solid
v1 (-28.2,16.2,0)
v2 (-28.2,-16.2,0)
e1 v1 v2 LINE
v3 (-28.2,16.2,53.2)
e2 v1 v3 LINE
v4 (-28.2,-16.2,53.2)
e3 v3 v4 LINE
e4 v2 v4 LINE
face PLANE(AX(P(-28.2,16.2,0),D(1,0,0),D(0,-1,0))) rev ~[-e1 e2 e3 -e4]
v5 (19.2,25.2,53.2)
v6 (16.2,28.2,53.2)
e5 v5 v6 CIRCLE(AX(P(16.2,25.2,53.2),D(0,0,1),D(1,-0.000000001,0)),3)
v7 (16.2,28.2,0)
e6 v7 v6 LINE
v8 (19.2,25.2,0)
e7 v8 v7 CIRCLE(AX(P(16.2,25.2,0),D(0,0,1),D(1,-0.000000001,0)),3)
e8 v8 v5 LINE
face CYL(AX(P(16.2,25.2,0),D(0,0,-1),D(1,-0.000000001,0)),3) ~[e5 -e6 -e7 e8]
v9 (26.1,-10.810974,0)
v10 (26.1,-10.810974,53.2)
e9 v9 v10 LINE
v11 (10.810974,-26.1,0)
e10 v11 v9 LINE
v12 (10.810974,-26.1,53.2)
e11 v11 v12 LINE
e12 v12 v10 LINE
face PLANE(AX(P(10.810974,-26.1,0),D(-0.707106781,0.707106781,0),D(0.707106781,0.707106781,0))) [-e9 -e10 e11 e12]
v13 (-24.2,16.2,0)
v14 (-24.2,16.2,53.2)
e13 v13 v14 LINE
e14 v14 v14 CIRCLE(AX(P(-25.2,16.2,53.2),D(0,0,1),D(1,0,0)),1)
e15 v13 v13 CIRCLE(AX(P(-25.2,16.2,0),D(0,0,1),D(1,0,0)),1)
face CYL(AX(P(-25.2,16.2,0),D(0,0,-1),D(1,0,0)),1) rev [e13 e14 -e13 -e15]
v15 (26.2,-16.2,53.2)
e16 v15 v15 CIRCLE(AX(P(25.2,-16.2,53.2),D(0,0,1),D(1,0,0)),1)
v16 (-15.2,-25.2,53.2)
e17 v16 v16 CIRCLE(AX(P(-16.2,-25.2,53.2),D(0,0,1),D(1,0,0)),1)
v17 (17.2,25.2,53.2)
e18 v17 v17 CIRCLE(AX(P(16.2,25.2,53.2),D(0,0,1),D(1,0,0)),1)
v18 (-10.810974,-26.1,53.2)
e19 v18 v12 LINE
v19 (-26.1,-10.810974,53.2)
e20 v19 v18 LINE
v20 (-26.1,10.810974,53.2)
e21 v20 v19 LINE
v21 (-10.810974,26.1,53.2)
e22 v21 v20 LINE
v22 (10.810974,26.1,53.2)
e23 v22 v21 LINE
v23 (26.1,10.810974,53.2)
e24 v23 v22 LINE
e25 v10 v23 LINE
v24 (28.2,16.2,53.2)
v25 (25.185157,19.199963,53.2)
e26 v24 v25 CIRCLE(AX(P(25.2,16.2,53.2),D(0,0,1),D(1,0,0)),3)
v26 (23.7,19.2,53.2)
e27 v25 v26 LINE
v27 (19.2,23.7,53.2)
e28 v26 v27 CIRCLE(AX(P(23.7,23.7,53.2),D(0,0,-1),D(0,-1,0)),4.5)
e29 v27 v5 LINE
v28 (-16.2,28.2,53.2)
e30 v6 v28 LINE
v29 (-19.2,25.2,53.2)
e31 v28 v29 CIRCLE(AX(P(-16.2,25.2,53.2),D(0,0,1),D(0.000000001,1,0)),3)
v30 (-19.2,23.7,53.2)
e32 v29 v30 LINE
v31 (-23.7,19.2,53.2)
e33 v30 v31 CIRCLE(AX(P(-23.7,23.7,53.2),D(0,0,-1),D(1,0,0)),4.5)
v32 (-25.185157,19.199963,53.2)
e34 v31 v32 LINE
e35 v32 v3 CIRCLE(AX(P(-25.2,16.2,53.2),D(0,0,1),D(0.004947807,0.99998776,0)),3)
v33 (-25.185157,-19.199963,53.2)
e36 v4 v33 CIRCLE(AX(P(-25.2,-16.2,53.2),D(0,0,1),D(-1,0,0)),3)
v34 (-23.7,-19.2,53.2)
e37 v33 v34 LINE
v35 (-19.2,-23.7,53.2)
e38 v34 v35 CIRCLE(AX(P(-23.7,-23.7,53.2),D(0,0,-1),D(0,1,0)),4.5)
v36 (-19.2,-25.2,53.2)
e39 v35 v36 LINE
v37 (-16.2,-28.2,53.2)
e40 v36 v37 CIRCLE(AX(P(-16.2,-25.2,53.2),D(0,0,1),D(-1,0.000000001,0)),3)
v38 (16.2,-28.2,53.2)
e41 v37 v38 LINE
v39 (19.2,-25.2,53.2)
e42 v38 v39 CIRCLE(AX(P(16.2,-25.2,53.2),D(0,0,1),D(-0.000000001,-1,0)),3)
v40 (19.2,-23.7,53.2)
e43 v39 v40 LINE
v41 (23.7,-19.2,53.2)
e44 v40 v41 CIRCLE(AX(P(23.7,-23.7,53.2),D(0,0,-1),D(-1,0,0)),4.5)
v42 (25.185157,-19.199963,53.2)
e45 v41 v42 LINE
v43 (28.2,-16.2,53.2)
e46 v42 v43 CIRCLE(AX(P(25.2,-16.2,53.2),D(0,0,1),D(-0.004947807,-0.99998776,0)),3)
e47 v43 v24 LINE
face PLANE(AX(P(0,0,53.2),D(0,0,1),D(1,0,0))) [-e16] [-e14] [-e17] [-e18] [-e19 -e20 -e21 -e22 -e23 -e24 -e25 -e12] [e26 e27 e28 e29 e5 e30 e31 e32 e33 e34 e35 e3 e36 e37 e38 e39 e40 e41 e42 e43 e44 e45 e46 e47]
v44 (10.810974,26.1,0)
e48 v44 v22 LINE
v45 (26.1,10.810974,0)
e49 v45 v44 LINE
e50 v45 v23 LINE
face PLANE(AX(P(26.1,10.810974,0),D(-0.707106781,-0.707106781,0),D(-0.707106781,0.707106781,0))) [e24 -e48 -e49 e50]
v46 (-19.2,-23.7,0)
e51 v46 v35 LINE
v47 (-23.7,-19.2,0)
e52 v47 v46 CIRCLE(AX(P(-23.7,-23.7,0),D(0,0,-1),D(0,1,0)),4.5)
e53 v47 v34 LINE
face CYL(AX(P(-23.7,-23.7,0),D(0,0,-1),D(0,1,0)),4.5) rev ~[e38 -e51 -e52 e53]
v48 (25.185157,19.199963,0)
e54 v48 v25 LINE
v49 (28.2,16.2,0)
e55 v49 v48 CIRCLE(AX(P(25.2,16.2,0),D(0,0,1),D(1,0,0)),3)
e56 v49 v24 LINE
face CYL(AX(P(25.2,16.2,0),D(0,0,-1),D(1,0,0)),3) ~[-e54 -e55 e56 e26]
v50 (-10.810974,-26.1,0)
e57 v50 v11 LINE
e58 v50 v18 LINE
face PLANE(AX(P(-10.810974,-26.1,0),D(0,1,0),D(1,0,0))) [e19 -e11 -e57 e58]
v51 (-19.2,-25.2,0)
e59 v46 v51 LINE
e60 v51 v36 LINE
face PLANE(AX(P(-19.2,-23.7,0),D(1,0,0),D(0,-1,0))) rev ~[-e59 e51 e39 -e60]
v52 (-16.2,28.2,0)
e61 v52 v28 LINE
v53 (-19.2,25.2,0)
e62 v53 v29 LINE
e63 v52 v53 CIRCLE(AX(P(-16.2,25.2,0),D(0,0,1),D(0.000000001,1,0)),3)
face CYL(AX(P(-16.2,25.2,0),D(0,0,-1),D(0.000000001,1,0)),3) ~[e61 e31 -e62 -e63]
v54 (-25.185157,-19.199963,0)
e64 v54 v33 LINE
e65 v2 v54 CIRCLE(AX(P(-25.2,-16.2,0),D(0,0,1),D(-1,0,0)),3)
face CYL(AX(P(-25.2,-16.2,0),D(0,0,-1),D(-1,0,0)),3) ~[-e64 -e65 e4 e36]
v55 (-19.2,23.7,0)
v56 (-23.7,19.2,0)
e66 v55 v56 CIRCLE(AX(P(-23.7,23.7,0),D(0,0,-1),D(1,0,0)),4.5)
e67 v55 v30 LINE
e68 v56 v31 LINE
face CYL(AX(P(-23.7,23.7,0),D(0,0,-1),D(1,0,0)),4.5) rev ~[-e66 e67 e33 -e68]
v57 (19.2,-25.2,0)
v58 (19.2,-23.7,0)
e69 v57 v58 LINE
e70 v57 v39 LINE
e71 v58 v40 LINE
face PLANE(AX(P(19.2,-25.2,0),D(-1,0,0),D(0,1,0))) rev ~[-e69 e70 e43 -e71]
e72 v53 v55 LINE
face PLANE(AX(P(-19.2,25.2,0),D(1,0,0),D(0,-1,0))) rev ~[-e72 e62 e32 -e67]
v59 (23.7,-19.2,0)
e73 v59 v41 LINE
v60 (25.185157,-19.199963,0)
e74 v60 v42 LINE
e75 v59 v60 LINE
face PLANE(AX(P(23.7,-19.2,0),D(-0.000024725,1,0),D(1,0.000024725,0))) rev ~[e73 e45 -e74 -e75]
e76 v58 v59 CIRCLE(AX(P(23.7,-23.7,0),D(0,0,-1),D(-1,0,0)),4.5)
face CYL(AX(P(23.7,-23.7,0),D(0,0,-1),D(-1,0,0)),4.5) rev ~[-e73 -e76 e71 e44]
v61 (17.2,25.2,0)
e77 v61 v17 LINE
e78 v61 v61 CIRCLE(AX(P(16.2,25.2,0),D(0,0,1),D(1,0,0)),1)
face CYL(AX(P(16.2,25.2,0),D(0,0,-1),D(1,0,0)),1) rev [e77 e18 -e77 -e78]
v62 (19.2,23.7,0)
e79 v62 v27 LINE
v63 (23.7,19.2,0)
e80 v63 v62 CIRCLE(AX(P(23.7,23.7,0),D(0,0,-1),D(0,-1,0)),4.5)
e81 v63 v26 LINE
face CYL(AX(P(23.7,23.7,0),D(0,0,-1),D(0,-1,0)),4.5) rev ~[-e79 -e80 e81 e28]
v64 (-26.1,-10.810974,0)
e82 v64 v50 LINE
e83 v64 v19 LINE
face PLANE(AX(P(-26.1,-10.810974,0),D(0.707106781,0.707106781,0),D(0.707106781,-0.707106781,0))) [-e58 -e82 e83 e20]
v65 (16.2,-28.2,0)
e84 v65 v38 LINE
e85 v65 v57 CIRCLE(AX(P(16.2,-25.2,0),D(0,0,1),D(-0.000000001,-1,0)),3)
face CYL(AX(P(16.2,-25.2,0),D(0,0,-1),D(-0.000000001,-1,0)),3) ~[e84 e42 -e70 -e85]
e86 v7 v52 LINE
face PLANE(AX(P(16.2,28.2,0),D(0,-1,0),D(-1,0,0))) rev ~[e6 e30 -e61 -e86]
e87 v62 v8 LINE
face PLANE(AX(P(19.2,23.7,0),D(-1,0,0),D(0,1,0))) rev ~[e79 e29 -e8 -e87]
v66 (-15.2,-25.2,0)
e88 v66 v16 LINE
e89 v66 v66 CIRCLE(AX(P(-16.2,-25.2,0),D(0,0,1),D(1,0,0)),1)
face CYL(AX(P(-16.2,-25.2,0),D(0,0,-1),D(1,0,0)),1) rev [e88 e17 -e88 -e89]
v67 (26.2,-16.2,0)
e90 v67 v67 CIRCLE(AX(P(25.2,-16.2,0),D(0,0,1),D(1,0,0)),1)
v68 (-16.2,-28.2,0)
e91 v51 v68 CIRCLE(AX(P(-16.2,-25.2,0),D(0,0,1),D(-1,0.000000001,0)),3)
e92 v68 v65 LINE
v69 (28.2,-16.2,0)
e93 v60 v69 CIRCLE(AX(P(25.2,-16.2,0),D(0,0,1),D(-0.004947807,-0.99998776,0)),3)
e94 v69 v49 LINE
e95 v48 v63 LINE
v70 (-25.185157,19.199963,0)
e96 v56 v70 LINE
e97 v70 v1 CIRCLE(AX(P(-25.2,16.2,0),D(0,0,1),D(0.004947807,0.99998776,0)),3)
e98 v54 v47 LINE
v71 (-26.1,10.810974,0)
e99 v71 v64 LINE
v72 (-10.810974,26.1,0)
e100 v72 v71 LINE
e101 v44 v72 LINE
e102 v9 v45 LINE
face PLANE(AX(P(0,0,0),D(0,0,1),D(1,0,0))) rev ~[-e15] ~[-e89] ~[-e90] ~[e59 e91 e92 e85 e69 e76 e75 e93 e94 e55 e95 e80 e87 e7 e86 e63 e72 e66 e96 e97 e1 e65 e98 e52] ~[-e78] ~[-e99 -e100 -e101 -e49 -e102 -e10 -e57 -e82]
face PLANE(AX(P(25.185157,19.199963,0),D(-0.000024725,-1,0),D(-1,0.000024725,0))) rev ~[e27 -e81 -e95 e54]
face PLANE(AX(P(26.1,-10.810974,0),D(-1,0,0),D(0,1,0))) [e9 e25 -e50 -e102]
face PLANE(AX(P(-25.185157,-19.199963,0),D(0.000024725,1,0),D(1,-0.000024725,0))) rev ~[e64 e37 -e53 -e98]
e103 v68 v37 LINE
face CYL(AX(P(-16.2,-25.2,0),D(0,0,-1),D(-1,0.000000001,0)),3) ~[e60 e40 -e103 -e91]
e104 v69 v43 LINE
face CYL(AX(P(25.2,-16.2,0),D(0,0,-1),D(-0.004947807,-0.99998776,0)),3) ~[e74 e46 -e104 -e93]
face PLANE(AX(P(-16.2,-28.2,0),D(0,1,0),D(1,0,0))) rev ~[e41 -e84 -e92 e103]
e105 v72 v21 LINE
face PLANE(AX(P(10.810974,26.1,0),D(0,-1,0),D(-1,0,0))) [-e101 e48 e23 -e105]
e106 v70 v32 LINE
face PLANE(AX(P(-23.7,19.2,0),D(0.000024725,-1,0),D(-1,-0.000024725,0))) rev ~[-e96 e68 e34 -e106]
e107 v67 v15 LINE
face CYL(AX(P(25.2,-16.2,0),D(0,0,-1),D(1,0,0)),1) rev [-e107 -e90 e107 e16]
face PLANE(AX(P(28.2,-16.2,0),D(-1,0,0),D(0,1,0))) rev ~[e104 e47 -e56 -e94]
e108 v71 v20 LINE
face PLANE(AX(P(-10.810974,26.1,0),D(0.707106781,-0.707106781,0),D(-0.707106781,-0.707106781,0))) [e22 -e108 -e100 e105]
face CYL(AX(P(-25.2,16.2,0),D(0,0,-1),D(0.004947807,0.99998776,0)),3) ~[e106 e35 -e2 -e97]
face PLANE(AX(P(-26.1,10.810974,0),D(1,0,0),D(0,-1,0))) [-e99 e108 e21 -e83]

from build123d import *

# Parameters (mm, degrees)
SKETCH1_R           = 1
BOSS_EXTRUDE1_DEPTH = 53.2


with BuildPart() as part:
    # Sketch1 → Boss-Extrude1 (new body)
    with BuildSketch(Plane.XY):
        with BuildLine():
            Line((-23.7, 19.2), (-25.185156579, 19.199963279))
            ThreePointArc((-25.185156579, 19.199963279), (-27.316065894, 18.32656181), (-28.2, 16.2))
            Line((-28.2, 16.2), (-28.2, -16.2))
            ThreePointArc((-28.2, -16.2), (-27.316065894, -18.32656181), (-25.185156579, -19.199963279))
            Line((-25.185156579, -19.199963279), (-23.7, -19.2))
            ThreePointArc((-23.7, -19.2), (-20.518019485, -20.518019485), (-19.2, -23.7))
            Line((-19.2, -23.7), (-19.2, -25.2))
            ThreePointArc((-19.2, -25.2), (-18.321320344, -27.321320344), (-16.2, -28.2))
            Line((-16.2, -28.2), (16.2, -28.2))
            ThreePointArc((16.2, -28.2), (18.321320344, -27.321320344), (19.2, -25.2))
            Line((19.2, -25.2), (19.2, -23.7))
            ThreePointArc((19.2, -23.7), (20.518019485, -20.518019485), (23.7, -19.2))
            Line((23.7, -19.2), (25.185156579, -19.199963279))
            ThreePointArc((25.185156579, -19.199963279), (27.316065894, -18.32656181), (28.2, -16.2))
            Line((28.2, -16.2), (28.2, 16.2))
            ThreePointArc((28.2, 16.2), (27.316065894, 18.32656181), (25.185156579, 19.199963279))
            Line((25.185156579, 19.199963279), (23.7, 19.2))
            ThreePointArc((23.7, 19.2), (20.518019485, 20.518019485), (19.2, 23.7))
            Line((19.2, 23.7), (19.2, 25.2))
            ThreePointArc((19.2, 25.2), (18.321320344, 27.321320344), (16.2, 28.2))
            Line((16.2, 28.2), (-16.2, 28.2))
            ThreePointArc((-16.2, 28.2), (-18.321320344, 27.321320344), (-19.2, 25.2))
            Line((-19.2, 25.2), (-19.2, 23.7))
            ThreePointArc((-19.2, 23.7), (-20.518019485, 20.518019485), (-23.7, 19.2))
        make_face()
        with Locations((-25.2, 16.2)):
            Circle(SKETCH1_R, mode=Mode.SUBTRACT)
        with Locations((16.2, 25.2)):
            Circle(SKETCH1_R, mode=Mode.SUBTRACT)
        with Locations((25.2, -16.2)):
            Circle(SKETCH1_R, mode=Mode.SUBTRACT)
        with Locations((-16.2, -25.2)):
            Circle(SKETCH1_R, mode=Mode.SUBTRACT)
        Polygon((10.810973978, -26.1), (26.1, -10.810973978), (26.1, 10.810973978), (10.810973978, 26.1), (-10.810973978, 26.1), (-26.1, 10.810973978), (-26.1, -10.810973978), (-10.810973978, -26.1), align=None, mode=Mode.SUBTRACT)
    extrude(amount=BOSS_EXTRUDE1_DEPTH)


solid = part.part
